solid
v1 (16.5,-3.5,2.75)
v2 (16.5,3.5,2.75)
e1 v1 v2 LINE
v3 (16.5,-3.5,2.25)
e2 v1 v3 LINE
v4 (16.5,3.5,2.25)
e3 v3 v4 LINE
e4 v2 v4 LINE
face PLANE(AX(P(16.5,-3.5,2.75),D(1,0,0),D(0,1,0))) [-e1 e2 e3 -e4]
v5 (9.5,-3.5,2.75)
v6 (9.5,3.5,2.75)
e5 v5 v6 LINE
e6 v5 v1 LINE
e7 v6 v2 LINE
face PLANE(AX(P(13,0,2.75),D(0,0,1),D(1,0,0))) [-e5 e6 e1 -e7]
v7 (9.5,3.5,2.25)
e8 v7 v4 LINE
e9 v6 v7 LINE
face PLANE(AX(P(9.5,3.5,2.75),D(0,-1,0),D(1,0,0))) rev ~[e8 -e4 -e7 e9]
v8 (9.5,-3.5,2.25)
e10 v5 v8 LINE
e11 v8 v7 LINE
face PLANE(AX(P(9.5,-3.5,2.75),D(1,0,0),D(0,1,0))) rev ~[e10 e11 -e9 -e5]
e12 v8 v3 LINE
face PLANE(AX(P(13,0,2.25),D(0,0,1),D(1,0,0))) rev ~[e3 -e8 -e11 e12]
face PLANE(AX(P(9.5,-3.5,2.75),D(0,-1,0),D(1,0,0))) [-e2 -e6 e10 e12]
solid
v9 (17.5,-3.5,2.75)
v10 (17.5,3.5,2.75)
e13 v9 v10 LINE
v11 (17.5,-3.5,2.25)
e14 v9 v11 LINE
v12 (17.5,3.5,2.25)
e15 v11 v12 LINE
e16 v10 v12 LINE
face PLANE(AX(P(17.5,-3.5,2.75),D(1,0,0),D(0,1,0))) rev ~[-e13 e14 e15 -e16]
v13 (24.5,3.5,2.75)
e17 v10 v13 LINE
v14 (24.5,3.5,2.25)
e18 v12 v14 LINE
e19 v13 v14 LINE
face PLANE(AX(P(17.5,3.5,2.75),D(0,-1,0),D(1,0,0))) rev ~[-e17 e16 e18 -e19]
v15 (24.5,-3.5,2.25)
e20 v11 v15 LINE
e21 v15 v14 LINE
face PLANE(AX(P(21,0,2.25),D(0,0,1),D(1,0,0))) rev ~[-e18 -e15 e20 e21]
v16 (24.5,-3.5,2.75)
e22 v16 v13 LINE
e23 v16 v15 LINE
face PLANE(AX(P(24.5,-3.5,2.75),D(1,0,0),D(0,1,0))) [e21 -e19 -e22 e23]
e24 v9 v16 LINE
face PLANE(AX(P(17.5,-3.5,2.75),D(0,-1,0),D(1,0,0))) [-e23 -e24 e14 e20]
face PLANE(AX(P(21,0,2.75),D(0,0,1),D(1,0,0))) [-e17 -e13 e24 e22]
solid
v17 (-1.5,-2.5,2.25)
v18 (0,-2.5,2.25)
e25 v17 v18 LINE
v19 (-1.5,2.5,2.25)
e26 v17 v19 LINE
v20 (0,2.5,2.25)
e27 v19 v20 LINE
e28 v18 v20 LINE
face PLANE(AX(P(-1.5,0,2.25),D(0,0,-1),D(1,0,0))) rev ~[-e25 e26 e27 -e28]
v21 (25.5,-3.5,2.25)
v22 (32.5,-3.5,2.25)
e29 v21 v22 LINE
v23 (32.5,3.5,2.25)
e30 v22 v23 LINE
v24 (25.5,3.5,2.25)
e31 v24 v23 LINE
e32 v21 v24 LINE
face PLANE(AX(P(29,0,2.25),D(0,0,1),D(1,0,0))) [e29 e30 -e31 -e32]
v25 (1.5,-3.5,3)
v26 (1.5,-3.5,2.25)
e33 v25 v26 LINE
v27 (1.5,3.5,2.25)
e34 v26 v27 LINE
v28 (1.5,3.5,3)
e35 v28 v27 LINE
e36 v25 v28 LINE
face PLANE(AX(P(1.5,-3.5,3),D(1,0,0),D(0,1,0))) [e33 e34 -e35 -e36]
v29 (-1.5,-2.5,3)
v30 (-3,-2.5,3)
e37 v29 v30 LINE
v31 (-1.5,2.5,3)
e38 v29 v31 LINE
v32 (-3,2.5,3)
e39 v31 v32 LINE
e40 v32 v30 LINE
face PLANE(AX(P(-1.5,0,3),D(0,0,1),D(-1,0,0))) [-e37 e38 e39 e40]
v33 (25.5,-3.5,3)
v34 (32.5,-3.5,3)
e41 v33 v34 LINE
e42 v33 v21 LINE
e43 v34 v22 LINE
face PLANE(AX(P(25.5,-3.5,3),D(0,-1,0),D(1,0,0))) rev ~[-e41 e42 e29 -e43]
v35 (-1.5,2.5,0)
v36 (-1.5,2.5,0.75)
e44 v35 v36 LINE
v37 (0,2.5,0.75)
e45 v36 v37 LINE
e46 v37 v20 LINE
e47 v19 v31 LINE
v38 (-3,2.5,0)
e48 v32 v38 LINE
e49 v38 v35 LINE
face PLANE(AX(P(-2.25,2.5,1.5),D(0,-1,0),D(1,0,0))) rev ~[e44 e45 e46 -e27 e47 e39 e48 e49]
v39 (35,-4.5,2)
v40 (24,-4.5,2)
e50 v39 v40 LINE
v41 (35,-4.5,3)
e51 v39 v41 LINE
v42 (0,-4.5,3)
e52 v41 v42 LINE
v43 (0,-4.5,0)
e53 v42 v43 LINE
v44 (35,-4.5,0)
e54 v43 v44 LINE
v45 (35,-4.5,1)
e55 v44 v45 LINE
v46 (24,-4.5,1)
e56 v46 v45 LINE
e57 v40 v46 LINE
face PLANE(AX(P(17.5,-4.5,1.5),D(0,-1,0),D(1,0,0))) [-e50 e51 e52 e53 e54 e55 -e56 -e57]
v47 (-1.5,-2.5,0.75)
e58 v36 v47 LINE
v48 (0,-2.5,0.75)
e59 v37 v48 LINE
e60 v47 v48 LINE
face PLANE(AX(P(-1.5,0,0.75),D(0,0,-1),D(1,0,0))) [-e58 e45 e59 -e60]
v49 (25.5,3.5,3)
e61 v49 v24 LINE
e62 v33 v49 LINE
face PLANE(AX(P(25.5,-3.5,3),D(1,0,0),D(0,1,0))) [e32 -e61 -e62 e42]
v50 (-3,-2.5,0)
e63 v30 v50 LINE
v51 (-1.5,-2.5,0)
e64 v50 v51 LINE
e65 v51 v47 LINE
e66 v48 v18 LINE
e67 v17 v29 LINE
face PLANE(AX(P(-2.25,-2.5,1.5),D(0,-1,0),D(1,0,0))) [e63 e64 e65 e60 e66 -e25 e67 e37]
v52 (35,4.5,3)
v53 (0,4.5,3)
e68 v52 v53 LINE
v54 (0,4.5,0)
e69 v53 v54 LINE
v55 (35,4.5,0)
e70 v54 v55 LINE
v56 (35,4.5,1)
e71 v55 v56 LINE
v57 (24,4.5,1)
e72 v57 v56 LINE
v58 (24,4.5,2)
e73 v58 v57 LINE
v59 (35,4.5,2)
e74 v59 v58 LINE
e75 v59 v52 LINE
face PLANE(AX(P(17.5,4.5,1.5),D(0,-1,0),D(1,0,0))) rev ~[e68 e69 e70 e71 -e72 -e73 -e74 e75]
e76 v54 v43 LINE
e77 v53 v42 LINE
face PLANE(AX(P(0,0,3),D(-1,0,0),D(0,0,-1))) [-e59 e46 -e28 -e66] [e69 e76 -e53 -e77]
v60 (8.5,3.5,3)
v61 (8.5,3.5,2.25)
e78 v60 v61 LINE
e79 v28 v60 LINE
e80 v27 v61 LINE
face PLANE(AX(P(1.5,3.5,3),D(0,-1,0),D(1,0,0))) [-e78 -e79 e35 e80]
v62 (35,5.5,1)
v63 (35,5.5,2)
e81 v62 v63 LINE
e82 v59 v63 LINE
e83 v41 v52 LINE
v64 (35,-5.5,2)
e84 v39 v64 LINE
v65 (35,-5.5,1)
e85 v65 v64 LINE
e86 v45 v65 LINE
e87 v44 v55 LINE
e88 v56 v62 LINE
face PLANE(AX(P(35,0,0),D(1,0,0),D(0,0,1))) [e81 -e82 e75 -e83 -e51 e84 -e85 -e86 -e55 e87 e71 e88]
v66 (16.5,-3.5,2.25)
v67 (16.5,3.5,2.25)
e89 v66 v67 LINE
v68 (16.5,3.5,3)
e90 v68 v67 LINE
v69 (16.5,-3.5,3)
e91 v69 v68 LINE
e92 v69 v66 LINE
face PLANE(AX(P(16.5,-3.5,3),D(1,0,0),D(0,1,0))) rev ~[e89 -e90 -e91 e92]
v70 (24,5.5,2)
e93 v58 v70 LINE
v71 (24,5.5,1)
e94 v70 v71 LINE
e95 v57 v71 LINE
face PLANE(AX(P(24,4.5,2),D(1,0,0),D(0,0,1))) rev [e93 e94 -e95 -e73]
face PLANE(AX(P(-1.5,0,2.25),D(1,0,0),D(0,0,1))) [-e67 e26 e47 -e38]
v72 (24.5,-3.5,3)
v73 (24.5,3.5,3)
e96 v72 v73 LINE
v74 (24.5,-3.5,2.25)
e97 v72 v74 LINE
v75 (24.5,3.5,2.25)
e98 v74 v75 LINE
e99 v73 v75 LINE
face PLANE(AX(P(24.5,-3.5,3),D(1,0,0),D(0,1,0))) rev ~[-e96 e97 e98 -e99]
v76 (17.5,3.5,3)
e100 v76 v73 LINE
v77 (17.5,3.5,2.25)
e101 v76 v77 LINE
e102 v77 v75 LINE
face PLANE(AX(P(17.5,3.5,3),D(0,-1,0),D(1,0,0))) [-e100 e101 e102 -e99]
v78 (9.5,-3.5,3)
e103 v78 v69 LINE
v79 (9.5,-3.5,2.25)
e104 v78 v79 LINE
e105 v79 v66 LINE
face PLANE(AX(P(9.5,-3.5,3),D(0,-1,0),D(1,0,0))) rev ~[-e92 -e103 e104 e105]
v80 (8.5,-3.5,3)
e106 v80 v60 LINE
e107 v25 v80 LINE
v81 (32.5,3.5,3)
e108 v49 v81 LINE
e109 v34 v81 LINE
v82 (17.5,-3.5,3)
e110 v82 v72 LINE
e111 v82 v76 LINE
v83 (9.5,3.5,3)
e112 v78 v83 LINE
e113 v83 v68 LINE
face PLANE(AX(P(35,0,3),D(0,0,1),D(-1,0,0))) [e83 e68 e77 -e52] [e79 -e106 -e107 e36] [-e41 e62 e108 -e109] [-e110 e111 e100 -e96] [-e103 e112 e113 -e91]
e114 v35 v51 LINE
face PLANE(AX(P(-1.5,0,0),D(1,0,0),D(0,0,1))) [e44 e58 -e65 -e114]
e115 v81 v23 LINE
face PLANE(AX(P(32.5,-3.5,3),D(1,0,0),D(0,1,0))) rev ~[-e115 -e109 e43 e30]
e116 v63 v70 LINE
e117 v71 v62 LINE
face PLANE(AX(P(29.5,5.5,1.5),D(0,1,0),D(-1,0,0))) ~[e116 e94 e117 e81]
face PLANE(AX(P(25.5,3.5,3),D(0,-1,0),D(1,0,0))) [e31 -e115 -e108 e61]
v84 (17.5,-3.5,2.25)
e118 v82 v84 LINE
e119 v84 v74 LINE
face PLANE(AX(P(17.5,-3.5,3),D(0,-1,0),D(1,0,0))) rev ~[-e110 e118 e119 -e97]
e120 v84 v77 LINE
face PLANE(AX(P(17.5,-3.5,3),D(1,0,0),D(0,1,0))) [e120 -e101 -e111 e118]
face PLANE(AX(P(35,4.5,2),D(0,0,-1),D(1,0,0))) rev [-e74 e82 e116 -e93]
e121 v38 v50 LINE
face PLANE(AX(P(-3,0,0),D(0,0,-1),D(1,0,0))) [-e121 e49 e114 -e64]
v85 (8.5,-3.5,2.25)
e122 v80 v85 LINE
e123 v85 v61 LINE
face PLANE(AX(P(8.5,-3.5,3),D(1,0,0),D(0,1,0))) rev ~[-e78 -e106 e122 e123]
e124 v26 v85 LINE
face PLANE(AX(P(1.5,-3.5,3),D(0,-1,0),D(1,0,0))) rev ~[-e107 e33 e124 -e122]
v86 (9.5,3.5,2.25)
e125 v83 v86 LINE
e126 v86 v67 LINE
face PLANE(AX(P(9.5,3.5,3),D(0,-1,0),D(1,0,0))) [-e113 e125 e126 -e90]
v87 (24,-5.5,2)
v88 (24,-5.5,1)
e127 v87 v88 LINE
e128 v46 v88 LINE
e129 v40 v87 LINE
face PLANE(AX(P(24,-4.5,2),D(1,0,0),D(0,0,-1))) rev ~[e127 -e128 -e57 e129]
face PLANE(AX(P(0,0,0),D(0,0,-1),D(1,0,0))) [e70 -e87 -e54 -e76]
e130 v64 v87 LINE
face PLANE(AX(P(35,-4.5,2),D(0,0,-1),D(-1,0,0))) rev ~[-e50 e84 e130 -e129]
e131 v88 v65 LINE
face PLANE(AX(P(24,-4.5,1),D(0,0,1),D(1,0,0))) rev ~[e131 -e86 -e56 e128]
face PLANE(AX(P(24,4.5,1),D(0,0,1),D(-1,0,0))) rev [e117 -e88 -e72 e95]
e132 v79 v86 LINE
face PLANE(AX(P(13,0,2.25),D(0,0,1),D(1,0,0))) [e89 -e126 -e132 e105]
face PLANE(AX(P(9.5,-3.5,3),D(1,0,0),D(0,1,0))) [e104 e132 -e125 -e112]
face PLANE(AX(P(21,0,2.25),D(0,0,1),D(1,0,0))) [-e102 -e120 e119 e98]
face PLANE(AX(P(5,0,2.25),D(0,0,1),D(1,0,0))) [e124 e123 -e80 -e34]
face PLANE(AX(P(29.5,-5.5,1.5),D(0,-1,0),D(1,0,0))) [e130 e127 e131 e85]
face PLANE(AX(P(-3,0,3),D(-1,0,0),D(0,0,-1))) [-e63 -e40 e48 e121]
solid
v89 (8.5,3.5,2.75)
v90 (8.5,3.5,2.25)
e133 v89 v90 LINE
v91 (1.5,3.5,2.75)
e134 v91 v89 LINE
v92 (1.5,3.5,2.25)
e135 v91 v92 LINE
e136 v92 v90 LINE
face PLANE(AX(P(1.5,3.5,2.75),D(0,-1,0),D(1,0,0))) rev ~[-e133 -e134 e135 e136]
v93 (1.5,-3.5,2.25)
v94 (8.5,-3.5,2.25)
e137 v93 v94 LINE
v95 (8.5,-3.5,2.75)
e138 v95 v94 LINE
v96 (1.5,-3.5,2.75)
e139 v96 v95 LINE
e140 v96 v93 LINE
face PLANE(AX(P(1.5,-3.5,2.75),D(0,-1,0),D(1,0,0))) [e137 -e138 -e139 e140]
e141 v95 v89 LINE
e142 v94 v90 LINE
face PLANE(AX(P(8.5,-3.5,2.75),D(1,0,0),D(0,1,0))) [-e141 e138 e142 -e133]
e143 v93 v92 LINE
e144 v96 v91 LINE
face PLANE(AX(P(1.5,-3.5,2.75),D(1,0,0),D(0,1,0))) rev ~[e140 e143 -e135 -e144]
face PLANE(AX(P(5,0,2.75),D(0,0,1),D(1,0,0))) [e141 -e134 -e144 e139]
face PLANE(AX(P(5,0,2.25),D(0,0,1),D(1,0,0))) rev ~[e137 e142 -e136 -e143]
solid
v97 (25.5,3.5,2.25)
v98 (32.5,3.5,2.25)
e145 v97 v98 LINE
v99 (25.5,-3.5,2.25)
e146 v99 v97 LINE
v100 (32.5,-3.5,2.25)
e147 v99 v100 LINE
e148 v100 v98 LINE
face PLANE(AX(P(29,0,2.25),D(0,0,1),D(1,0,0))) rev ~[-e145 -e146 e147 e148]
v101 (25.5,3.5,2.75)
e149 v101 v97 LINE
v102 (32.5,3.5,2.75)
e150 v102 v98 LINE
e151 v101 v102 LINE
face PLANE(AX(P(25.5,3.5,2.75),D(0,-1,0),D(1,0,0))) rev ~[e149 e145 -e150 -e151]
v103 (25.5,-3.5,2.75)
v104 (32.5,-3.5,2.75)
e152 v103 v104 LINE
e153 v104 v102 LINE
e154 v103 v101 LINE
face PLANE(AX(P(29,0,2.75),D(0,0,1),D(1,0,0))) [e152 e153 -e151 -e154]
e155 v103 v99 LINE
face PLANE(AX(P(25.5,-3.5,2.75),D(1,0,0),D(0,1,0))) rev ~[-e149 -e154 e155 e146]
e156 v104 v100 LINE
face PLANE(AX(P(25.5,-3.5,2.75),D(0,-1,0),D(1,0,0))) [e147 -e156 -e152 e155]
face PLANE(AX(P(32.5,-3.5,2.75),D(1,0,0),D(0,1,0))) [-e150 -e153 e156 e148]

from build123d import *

# Parameters (mm, degrees)
F1_DEPTH = 4.5
F2_W     = 7
F2_H     = 7
F3_DEPTH = 0.75
F4_DEPTH = 0.5
F6_DEPTH = 1
F0_W     = 1.5
F0_H     = 1.5
F8_DEPTH = 2.5


with BuildPart() as f1:
    # F0 (on Front) → F1 (new body, symmetric)
    with BuildSketch(Plane.XZ):
        Polygon((35, 3), (0, 3), (0, 2.25), (0, 0.75), (0, 0), (35, 0), align=None)
    extrude(amount=F1_DEPTH, both=True)

    # F2 (on face) → F3 (cut)
    with BuildSketch(Plane.XY.offset(3)):
        with Locations((29, 0)):
            Rectangle(F2_W, F2_H)
        with Locations((21, 0)):
            Rectangle(F2_W, F2_H)
        with Locations((13, 0)):
            Rectangle(F2_W, F2_H)
        with Locations((5, 0)):
            Rectangle(F2_W, F2_H)
    extrude(amount=-F3_DEPTH, mode=Mode.SUBTRACT)

    # F5 (on face) → F6 (join)
    with BuildSketch(Plane.XZ.offset(4.5)):
        Polygon((35, 1), (35, 2), (34, 2), (24, 2), (24, 1), (34, 1), align=None)
    extrude(amount=F6_DEPTH)


with BuildPart() as f4:
    # F2 (on face) → F4 (new body)
    with BuildSketch(Plane.XY.offset(3)):
        with Locations((5, 0)):
            Rectangle(F2_W, F2_H)
    extrude(amount=-F4_DEPTH)


with BuildPart() as f4b:
    # F2 (on face) → F4, piece 2 (new body)
    with BuildSketch(Plane.XY.offset(3)):
        with Locations((13, 0)):
            Rectangle(F2_W, F2_H)
    extrude(amount=-F4_DEPTH)


with BuildPart() as f4c:
    # F2 (on face) → F4, piece 3 (new body)
    with BuildSketch(Plane.XY.offset(3)):
        with Locations((21, 0)):
            Rectangle(F2_W, F2_H)
    extrude(amount=-F4_DEPTH)


with BuildPart() as f4d:
    # F2 (on face) → F4, piece 4 (new body)
    with BuildSketch(Plane.XY.offset(3)):
        with Locations((29, 0)):
            Rectangle(F2_W, F2_H)
    extrude(amount=-F4_DEPTH)


with BuildPart() as f7_1:
    # F7: instance of F1
    add(f1.part.mirror(Plane.XZ))


with BuildPart() as f1_1:
    add(f1.part)

    add(f7_1.part)  # F8 merges F7_1
    # F0 (on Front) → F8 (join, symmetric)
    with BuildSketch(Plane.XZ):
        Polygon((-1.5, 0.75), (-1.5, 2.25), (-1.5, 3), (-3, 3), (-3, 0), (-1.5, 0), align=None)
        with Locations((-0.75, 1.5)):
            Rectangle(F0_W, F0_H)
    extrude(amount=F8_DEPTH, both=True)


with BuildPart() as f4c_1:
    # F9: moved
    add(f4c.part.moved(Location((0, 0, -0.25))))


with BuildPart() as f4b_1:
    # F9: moved
    add(f4b.part.moved(Location((0, 0, -0.25))))


with BuildPart() as f4_1:
    # F9: moved
    add(f4.part.moved(Location((0, 0, -0.25))))


with BuildPart() as f4d_1:
    # F9: moved
    add(f4d.part.moved(Location((0, 0, -0.25))))


solid = Compound([f1_1.part, f4c_1.part, f4b_1.part, f4_1.part, f4d_1.part])
